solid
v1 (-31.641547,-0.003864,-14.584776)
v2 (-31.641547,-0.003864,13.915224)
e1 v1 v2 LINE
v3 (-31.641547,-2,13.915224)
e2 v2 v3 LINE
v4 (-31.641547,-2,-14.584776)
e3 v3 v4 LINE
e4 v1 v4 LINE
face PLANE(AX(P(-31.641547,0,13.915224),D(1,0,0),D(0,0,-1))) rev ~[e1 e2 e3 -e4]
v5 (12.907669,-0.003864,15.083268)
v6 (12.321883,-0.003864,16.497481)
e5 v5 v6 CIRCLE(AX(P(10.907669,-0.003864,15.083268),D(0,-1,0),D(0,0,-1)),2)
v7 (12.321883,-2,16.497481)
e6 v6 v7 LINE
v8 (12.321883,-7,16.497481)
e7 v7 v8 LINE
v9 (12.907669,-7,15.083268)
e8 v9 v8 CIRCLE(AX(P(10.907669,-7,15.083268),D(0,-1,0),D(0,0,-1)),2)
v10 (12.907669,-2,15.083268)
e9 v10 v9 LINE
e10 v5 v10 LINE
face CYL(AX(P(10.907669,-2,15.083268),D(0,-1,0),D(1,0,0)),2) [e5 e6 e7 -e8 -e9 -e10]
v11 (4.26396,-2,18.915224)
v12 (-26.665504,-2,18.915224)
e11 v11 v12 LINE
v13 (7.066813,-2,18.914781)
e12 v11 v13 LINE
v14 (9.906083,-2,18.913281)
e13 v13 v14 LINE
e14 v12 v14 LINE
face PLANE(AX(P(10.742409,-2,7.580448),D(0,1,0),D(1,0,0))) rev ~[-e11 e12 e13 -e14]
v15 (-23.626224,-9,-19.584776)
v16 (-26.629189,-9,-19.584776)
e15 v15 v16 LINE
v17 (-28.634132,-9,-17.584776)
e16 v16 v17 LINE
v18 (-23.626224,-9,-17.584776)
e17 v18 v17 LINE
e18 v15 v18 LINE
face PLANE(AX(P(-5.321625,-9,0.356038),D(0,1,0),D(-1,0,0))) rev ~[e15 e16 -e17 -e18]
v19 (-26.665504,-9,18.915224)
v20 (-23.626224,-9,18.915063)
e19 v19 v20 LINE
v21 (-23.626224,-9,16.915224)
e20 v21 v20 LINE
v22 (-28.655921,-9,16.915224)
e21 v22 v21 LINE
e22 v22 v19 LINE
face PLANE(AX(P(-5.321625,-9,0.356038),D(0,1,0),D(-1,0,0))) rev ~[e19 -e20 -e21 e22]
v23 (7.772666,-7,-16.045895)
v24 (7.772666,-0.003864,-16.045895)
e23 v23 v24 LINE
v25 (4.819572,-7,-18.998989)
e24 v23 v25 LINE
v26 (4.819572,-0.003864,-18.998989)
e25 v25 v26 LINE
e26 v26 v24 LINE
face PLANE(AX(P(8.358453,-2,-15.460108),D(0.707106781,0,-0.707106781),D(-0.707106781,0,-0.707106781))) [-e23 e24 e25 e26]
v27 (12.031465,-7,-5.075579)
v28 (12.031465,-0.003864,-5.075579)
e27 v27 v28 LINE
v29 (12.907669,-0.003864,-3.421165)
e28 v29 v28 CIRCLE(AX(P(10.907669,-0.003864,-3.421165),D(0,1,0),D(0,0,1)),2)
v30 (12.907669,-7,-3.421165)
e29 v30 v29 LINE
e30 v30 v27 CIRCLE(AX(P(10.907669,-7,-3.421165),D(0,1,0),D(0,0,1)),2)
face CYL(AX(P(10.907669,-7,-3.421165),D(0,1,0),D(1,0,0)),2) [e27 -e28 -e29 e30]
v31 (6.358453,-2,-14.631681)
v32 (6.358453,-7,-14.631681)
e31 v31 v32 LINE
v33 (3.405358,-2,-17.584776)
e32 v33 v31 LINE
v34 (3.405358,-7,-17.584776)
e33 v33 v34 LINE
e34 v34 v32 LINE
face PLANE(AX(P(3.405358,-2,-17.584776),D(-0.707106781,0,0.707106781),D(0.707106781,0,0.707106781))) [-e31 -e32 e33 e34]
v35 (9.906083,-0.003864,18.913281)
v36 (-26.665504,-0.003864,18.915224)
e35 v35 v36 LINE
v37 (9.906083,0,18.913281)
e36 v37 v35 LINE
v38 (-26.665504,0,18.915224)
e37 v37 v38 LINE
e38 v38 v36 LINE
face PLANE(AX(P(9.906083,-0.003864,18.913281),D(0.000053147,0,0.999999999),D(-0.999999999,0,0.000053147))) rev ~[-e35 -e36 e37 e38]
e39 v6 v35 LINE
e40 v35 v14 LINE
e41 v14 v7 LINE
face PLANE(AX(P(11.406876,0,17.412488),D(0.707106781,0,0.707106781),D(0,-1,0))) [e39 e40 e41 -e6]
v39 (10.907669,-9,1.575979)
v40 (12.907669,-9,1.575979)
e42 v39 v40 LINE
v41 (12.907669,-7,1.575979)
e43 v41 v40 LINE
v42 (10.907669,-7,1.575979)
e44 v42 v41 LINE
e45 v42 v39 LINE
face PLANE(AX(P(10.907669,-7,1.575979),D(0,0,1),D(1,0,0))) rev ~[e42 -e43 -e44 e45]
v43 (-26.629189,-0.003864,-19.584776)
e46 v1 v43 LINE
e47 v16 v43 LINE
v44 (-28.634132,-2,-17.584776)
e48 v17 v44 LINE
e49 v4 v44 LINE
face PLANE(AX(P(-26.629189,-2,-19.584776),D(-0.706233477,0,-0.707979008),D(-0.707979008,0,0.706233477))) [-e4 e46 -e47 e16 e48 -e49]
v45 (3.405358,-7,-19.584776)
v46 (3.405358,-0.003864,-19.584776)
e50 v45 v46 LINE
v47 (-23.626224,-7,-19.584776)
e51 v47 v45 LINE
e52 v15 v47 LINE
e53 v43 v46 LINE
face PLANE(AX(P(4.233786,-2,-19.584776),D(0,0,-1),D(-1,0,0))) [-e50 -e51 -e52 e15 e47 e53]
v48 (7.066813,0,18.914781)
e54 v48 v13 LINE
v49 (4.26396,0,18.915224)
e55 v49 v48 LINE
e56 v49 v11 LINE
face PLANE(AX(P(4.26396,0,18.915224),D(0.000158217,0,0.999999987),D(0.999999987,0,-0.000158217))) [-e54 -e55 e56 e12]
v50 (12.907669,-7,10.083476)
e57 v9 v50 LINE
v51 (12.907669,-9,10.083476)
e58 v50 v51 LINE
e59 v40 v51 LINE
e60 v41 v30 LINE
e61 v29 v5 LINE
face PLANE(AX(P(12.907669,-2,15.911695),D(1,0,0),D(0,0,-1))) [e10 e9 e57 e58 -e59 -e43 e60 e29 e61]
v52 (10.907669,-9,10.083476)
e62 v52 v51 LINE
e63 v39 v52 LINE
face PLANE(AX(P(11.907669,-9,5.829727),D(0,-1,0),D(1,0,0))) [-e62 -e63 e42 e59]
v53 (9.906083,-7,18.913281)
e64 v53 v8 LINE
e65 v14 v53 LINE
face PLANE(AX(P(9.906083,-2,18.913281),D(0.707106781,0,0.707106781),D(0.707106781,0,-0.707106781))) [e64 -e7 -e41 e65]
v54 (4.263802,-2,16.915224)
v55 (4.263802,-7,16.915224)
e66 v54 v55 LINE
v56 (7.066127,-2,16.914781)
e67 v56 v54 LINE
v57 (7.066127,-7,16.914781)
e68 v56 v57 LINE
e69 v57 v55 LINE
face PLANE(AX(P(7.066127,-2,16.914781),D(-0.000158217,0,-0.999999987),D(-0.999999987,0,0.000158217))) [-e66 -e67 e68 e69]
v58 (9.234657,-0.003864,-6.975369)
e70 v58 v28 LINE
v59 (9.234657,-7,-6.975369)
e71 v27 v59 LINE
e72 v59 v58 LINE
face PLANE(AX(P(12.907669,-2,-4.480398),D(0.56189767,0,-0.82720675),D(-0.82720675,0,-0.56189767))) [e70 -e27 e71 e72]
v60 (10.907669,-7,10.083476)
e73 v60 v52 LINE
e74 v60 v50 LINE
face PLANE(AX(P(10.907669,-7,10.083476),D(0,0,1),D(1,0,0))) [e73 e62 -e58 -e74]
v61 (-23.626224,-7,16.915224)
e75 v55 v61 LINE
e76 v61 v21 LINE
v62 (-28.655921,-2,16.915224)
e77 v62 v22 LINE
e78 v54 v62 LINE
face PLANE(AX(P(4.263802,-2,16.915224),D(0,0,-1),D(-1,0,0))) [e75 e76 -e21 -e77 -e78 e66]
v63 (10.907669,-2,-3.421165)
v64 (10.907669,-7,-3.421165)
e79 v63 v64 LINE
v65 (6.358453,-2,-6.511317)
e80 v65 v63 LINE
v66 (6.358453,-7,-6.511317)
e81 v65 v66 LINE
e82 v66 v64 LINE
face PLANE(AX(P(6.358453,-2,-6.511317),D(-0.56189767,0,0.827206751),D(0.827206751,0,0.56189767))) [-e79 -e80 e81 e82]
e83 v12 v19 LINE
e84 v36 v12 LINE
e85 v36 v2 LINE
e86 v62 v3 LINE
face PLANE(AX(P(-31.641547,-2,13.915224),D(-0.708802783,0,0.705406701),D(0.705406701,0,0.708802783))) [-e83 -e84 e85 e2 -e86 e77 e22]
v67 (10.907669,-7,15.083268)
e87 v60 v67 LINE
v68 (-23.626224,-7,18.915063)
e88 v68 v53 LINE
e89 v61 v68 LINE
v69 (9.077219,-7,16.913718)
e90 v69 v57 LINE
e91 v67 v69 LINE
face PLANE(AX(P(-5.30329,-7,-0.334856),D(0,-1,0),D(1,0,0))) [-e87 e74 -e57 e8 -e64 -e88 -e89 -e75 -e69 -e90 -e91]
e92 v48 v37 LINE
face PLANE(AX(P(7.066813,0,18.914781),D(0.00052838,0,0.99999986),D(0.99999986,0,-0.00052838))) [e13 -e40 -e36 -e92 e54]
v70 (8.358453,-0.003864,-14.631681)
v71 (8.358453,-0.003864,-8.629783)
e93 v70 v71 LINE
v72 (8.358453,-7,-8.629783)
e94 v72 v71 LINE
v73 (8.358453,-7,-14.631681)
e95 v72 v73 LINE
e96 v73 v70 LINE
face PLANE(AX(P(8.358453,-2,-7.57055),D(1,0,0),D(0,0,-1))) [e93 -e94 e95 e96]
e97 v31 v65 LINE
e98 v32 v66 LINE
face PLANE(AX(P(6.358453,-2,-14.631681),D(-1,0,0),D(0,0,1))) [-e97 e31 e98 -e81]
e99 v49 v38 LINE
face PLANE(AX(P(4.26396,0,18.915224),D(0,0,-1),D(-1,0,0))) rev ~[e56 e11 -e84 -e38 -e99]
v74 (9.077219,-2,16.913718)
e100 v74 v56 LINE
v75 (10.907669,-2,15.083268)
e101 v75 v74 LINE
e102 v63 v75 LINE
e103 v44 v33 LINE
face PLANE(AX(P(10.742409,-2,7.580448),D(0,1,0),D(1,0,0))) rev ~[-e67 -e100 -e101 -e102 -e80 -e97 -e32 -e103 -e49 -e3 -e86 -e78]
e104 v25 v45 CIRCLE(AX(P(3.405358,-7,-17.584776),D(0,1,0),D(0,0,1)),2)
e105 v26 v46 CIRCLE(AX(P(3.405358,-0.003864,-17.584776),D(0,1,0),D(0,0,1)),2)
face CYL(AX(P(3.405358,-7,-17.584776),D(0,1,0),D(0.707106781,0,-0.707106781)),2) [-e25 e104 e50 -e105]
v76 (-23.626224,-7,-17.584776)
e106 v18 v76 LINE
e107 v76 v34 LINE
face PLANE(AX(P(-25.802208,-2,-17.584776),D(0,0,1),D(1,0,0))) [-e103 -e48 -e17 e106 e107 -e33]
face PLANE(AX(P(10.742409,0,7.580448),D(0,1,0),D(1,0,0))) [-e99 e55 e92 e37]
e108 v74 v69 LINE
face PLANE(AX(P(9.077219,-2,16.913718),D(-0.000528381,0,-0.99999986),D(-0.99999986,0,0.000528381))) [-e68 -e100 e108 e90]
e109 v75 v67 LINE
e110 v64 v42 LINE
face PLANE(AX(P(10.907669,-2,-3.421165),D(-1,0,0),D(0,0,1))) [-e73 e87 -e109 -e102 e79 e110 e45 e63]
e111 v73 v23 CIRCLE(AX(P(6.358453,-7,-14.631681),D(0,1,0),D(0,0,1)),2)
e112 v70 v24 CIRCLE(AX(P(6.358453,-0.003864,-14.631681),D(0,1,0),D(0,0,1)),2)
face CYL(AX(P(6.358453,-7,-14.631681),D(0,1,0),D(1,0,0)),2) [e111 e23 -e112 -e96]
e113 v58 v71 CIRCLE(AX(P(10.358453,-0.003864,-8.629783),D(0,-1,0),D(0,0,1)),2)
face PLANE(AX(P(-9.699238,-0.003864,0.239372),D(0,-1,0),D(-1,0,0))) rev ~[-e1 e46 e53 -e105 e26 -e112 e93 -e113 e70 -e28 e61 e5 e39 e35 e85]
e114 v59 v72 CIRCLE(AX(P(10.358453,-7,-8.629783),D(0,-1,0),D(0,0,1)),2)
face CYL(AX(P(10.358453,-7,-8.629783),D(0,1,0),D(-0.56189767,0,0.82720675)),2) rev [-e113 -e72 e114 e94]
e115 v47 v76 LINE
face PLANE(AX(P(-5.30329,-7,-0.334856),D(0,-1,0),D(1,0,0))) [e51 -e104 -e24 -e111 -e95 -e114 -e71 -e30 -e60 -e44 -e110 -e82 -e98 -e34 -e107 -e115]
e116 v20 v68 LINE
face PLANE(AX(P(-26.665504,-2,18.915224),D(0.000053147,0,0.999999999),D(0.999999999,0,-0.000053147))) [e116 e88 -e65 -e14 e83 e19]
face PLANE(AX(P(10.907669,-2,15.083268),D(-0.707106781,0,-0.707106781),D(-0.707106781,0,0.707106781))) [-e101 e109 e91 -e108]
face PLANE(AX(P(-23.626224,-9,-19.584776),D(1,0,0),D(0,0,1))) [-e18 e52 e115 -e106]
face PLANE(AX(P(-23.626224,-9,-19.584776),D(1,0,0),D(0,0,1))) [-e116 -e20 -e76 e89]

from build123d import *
from OCP.BRepFilletAPI import BRepFilletAPI_MakeChamfer

# Parameters (mm, degrees)
SKETCH1_W               = 41
SKETCH1_H               = 34.5
SKETCH1_W_2             = 35
SKETCH1_H_2             = 28.5
BOSS_EXTRUDE1_DEPTH     = 5
SKETCH2_W               = 35
SKETCH2_H               = 28.5
BOSS_EXTRUDE2_DEPTH     = 1
SKETCH6_W               = 34.5
SKETCH6_H               = 5
CUT_EXTRUDE2_DEPTH      = 3
SKETCH7_W               = 1.6
SKETCH7_H               = 3
SKETCH7_H_2             = 3.078736203
BOSS_EXTRUDE3_DEPTH     = 4
CHAMFER1_SIZE           = 3
SKETCH14_W              = 3.502632447
SKETCH14_H              = 20.452559449
CUT_EXTRUDE6_DEPTH      = 10
BOSS_EXTRUDE5_DEPTH     = 4
BOSS_EXTRUDE7_DEPTH     = 1
SKETCH9_W               = 3.28281374
SKETCH9_H               = 22.420706044
CUT_EXTRUDE3_DEPTH      = 4
BOSS_EXTRUDE4_DEPTH     = 2
SKETCH12_W              = 3.28281374
SKETCH12_H              = 22.420706044
CUT_EXTRUDE4_DEPTH      = 0.003863752
BOSS_EXTRUDE8_DEPTH     = 2
BOSS_EXTRUDE9_DEPTH     = 2
CUT_EXTRUDE7_DEPTH      = 38.864903937
CUT_EXTRUDE7_DEPTH_BACK = 4
CHAMFER2_SIZE           = 3
CHAMFER2_SIZE_2         = 3.001586398
CHAMFER2_SIZE2          = 3
CHAMFER3_SIZE           = 2
BOSS_EXTRUDE10_DEPTH    = 7
CUT_EXTRUDE8_START      = -2
CUT_EXTRUDE8_DEPTH      = 7
CUT_EXTRUDE9_DEPTH      = 7
CUT_EXTRUDE11_START     = 1
CUT_EXTRUDE11_DEPTH     = 10
CUT_EXTRUDE12_DEPTH     = 10
SKETCH30_W              = 2.837179027
SKETCH30_H              = 7
CUT_EXTRUDE13_DEPTH     = 10
BOSS_EXTRUDE11_DEPTH    = 7
CUT_EXTRUDE14_DEPTH     = 7
SKETCH35_W              = 36.645868519
SKETCH35_H              = 38.499838471
CUT_EXTRUDE15_DEPTH     = 2
SKETCH37_W              = 2
SKETCH37_H              = 8.507497338
BOSS_EXTRUDE12_DEPTH    = 2
FILLET2_R               = 2


with BuildPart() as part:
    # Sketch1 → Boss-Extrude1 (new body)
    with BuildSketch(Plane(origin=(0, 0, 0), x_dir=(1, 0, 0), z_dir=(0, 1, 0))):
        with Locations((-14.14154724, 0.334775681)):
            Rectangle(SKETCH1_W, SKETCH1_H)
        with Locations((-14.14154724, 0.334775681)):
            Rectangle(SKETCH1_W_2, SKETCH1_H_2, mode=Mode.SUBTRACT)
    extrude(amount=BOSS_EXTRUDE1_DEPTH)

    # Sketch2 → Boss-Extrude2 (add)
    with BuildSketch(Plane(origin=(0, 0, 0), x_dir=(1, 0, 0), z_dir=(0, 1, 0))):
        with Locations((-14.14154724, 0.334775681)):
            Rectangle(SKETCH2_W, SKETCH2_H)
    extrude(amount=BOSS_EXTRUDE2_DEPTH)

    # Sketch6 → Cut-Extrude2 (cut)
    with BuildSketch(Plane.ZY.offset(34.64154724)):
        with Locations((-0.334775681, 2.5)):
            Rectangle(SKETCH6_W, SKETCH6_H)
    extrude(amount=-CUT_EXTRUDE2_DEPTH, mode=Mode.SUBTRACT)

    # Sketch7 → Boss-Extrude3 (add)
    with BuildSketch(Plane(origin=(0, 1, 0), x_dir=(1, 0, 0), z_dir=(0, 1, 0))):
        with Locations((-30.84154724, 13.084775681)):
            Rectangle(SKETCH7_W, SKETCH7_H)
        with Locations((-30.84154724, -12.375856218)):
            Rectangle(SKETCH7_W, SKETCH7_H_2)
    extrude(amount=BOSS_EXTRUDE3_DEPTH)

    # Chamfer1
    chamfer1_edges = [part.edges().sort_by_distance(p)[0] for p in [
        (-31.64154724, 2.5, -17.584775681),
        (-31.64154724, 2.5, 16.915224319),
        (6.35845276, 2.5, -17.584775681),
        (6.35845276, 2.5, 16.915224319),
    ]]
    chamfer(chamfer1_edges, length=CHAMFER1_SIZE)

    # Sketch14 → Cut-Extrude6 (cut)
    with BuildSketch(Plane(origin=(0, 1, 0), x_dir=(1, 0, 0), z_dir=(0, 1, 0))):
        with Locations((5.109768984, -7.134544415)):
            Rectangle(SKETCH14_W, SKETCH14_H)
    extrude(amount=CUT_EXTRUDE6_DEPTH, mode=Mode.SUBTRACT)

    # Sketch17 → Boss-Extrude5 (add)
    with BuildSketch(Plane(origin=(0, 1, 0), x_dir=(1, 0, 0), z_dir=(0, 1, 0))):
        Polygon((3.35845276, 3.09173531), (7.910000942, 0), (7.910000942, -13.915224319), (3.35845276, -13.915224319), (3.35845276, -16.915224319), (10.910000942, -16.915224319), (10.910000942, 3.419581668), (3.35845276, 8.549130391), align=None)
    extrude(amount=BOSS_EXTRUDE5_DEPTH)

    # Sketch19 → Boss-Extrude7 (add)
    with BuildSketch(Plane.XZ):
        Polygon((3.35845276, 16.915224319), (10.910000942, 16.915224319), (10.910000942, -3.419581668), (6.35845276, -6.511316978), (6.35845276, 13.915224319), align=None)
    extrude(amount=-BOSS_EXTRUDE7_DEPTH)

    # Sketch9 → Cut-Extrude3 (cut)
    with BuildSketch(Plane(origin=(0, 1, 0), x_dir=(1, 0, 0), z_dir=(0, 1, 0))):
        with Locations((-30.00014037, 0.374422659)):
            Rectangle(SKETCH9_W, SKETCH9_H)
    extrude(amount=-CUT_EXTRUDE3_DEPTH, mode=Mode.SUBTRACT)

    # Sketch11 → Boss-Extrude4 (add)
    with BuildSketch(Plane.XZ):
        Polygon((-26.665503706, 18.915224319), (-31.64154724, 13.915224319), (-31.64154724, -14.584775681), (-26.629189212, -19.584775681), (4.233785533, -19.584775681), (8.35845276, -15.460108453), (8.35845276, 14.743651444), (4.263960312, 18.915224319), align=None)
    extrude(amount=BOSS_EXTRUDE4_DEPTH)

    # Sketch12 → Cut-Extrude4 (cut)
    with BuildSketch(Plane(origin=(0, 0, 0), x_dir=(1, 0, 0), z_dir=(0, 1, 0))):
        with Locations((-30.00014037, 0.374422659)):
            Rectangle(SKETCH12_W, SKETCH12_H)
    extrude(amount=-CUT_EXTRUDE4_DEPTH, mode=Mode.SUBTRACT)

    # Sketch20 → Boss-Extrude8 (add)
    with BuildSketch(Plane.XZ):
        Polygon((6.227005221, 16.915224319), (10.910000942, 16.915224319), (10.910000942, -3.419581668), (8.35845276, -5.152774704), (8.35845276, 14.743651444), align=None)
    extrude(amount=BOSS_EXTRUDE8_DEPTH)

    # Sketch21 → Boss-Extrude9 (add)
    with BuildSketch(Plane(origin=(0, 0, 0), x_dir=(1, 0, 0), z_dir=(0, 1, 0))):
        Polygon((8.35845276, 7.570549944), (8.35845276, 5.152774704), (10.90766939, 3.421165424), (10.90766939, -16.912751148), (6.227005221, -16.915224319), (4.263960312, -18.915224319), (7.06681334, -18.91478086), (12.90766939, -18.911694666), (12.90766939, 4.480398389), align=None)
    extrude(amount=-BOSS_EXTRUDE9_DEPTH)

    # Sketch23 → Cut-Extrude7 (cut, two sides)
    with BuildSketch(Plane(origin=(0, 5, 0), x_dir=(1, 0, 0), z_dir=(0, 1, 0))) as cut_extrude7_sk:
        Polygon((7.910000942, 0), (7.910000942, 1.828776855), (3.35845276, 4.913740582), (3.35845276, 3.09173531), align=None)
    extrude(amount=CUT_EXTRUDE7_DEPTH, mode=Mode.SUBTRACT)
    extrude(cut_extrude7_sk.sketch, amount=-CUT_EXTRUDE7_DEPTH_BACK, mode=Mode.SUBTRACT)

    # Chamfer2: one chamfer whose edges measure the first distance from different faces: ONE call of the kernel's chamfer builder (chamfer() names one face for all edges)
    chamfer2_edges_1 = [part.edges().sort_by_distance(p)[0] for p in [
        (10.910000942, 2.5, 16.915224319),
    ]]
    chamfer2_edges_2 = [part.edges().sort_by_distance(p)[0] for p in [
        (12.90766939, -1, 18.911694666),
    ]]
    chamfer2_side_2 = [part.faces().sort_by_distance(p)[0] for p in [
        (9.987241365, -1, 18.913237763),
    ]]
    chamfer2 = BRepFilletAPI_MakeChamfer(part.part.solid().wrapped)
    for e in chamfer2_edges_1:
        chamfer2.Add(CHAMFER2_SIZE, e.wrapped)
    for e in chamfer2_edges_2:
        chamfer2.Add(CHAMFER2_SIZE_2, CHAMFER2_SIZE2, e.wrapped, chamfer2_side_2[0].wrapped)  # the first distance lies on this face
    add(Compound.cast(chamfer2.Shape()), mode=Mode.REPLACE)

    # Chamfer3
    chamfer3_edges = [part.edges().sort_by_distance(p)[0] for p in [
        (7.910000942, 3, 13.915224319),
    ]]
    chamfer(chamfer3_edges, length=CHAMFER3_SIZE)

    # Sketch25 → Boss-Extrude10 (add)
    with BuildSketch(Plane(origin=(0, 0, 0), x_dir=(1, 0, 0), z_dir=(0, 1, 0))):
        Polygon((-28.64154724, 17.584775681), (-26.629189212, 19.584775681), (4.233785533, 19.584775681), (8.35845276, 15.460108453), (8.35845276, 7.570549944), (12.90766939, 4.480398389), (12.90766939, -15.911694666), (9.906083411, -18.913280645), (-26.665503706, -18.915224319), (-28.64154724, -16.915224319), (7.910000942, -16.915224319), (10.910000942, -13.915224319), (10.910000942, 3.419581668), (6.35845276, 6.511316978), (6.35845276, 14.584775681), (3.35845276, 17.584775681), align=None)
    extrude(amount=BOSS_EXTRUDE10_DEPTH)

    # Sketch26 → Cut-Extrude8 (cut)
    with BuildSketch(Plane.XZ.offset(2).offset(CUT_EXTRUDE8_START)):
        Polygon((10.90766939, -3.421165424), (10.90766939, 15.083267541), (9.077218609, 16.913718322), (7.066126742, 16.914780944), (4.263802095, 16.915224319), (-25.834261771, 16.915224319), (-29.64154724, 13.089609206), (-29.64154724, -13.754902141), (-25.802207763, -17.584775681), (3.405358408, -17.584775681), (6.35845276, -14.631681329), (6.35845276, -6.511316978), align=None)
    extrude(amount=-CUT_EXTRUDE8_DEPTH, mode=Mode.SUBTRACT)

    # Sketch27 → Cut-Extrude9 (cut)
    with BuildSketch(Plane(origin=(0, 0, 0), x_dir=(1, 0, 0), z_dir=(0, 1, 0))):
        Polygon((-25.802207763, 17.584775681), (-28.64154724, 17.584775681), (-31.64154724, 14.584775681), (-31.64154724, 11.584775681), (-29.64154724, 11.584775681), (-29.64154724, 13.754902141), align=None)
        Polygon((-29.64154724, -10.835930363), (-29.64154724, -13.089609206), (-25.834261771, -16.915224319), (-28.64154724, -16.915224319), (-31.64154724, -13.915224319), (-31.64154724, -10.835930363), align=None)
    extrude(amount=CUT_EXTRUDE9_DEPTH, mode=Mode.SUBTRACT)

    # Sketch28 → Cut-Extrude11 (cut)
    with BuildSketch(Plane(origin=(0, -0.003863752, 0), x_dir=(1, 0, 0), z_dir=(0, 1, 0)).offset(CUT_EXTRUDE11_START)):
        Polygon((-31.64154724, -13.915224319), (-26.665503706, -18.915224319), (9.906083411, -18.913280645), (12.90766939, -15.911694666), (12.90766939, 4.480398389), (8.35845276, 7.570549944), (8.35845276, 15.460108453), (4.233785533, 19.584775681), (-26.629189212, 19.584775681), (-31.64154724, 14.584775681), align=None)
    extrude(amount=CUT_EXTRUDE11_DEPTH, mode=Mode.SUBTRACT)

    # Sketch29 → Cut-Extrude12 (cut)
    with BuildSketch(Plane(origin=(0, -0.003863752, 0), x_dir=(1, 0, 0), z_dir=(0, 1, 0))):
        Polygon((-31.64154724, 14.584775681), (-26.629189212, 19.584775681), (4.233785533, 19.584775681), (8.35845276, 15.460108453), (8.35845276, 7.570549944), (12.90766939, 4.480398389), (12.90766939, -15.911694666), (9.906083411, -18.913280645), (-26.665503706, -18.915224319), (-31.64154724, -13.915224319), align=None)
    extrude(amount=CUT_EXTRUDE12_DEPTH, mode=Mode.SUBTRACT)


with BuildPart() as cut_extrude12_piece_1:
    # of the separate pieces the step leaves, piece 1, a body of its own (cut_extrude12_pieces)
    add(part.part.solids().sort_by_distance((-31.64154724, -0.003863752, -14.584775681))[0])

    # Sketch31 → Boss-Extrude11 (add)
    with BuildSketch(Plane.XZ.offset(2)):
        Polygon((6.35845276, -6.511316978), (10.90766939, -3.421165424), (10.90766939, 15.083267541), (9.077218609, 16.913718322), (7.066126742, 16.914780944), (4.263802095, 16.915224319), (-25.834261771, 16.915224319), (-29.64154724, 13.089609206), (-31.64154724, 13.915224319), (-26.665503706, 18.915224319), (9.906083411, 18.913280645), (12.90766939, 15.911694666), (12.90766939, -4.480398389), (8.35845276, -7.570549944), (8.35845276, -15.460108453), (4.233785533, -19.584775681), (-26.629189212, -19.584775681), (-31.64154724, -14.584775681), (-29.64154724, -13.754902141), (-25.802207763, -17.584775681), (3.405358408, -17.584775681), (6.35845276, -14.631681329), align=None)
    extrude(amount=BOSS_EXTRUDE11_DEPTH)

    # Sketch32 → Cut-Extrude14 (cut)
    with BuildSketch(Plane.XZ.offset(2)):
        Polygon((-25.834261771, 16.915224319), (-25.802207763, -17.584775681), (-29.64154724, -13.754902141), (-31.64154724, -14.584775681), (-31.64154724, 13.915224319), (-29.64154724, 13.089609206), align=None)
        Polygon((-29.64154724, 13.089609206), (-25.834261771, 16.915224319), (-36.844784184, 16.915224319), (-37.593826415, -17.584775681), (-25.802207763, -17.584775681), (-29.64154724, -13.754902141), (-31.64154724, -14.584775681), (-31.64154724, 13.915224319), align=None)
    extrude(amount=CUT_EXTRUDE14_DEPTH, mode=Mode.SUBTRACT)

    # Sketch35 → Cut-Extrude15 (cut)
    with BuildSketch(Plane.XZ.offset(9)):
        with Locations((-5.303289834, -0.334856445)):
            Rectangle(SKETCH35_W, SKETCH35_H)
    extrude(amount=-CUT_EXTRUDE15_DEPTH, mode=Mode.SUBTRACT)

    # Sketch37 → Boss-Extrude12 (add)
    with BuildSketch(Plane.XZ.offset(7)):
        with Locations((11.90766939, 5.829727419)):
            Rectangle(SKETCH37_W, SKETCH37_H)
    extrude(amount=BOSS_EXTRUDE12_DEPTH)

    # Fillet2
    fillet2_edges = [cut_extrude12_piece_1.edges().sort_by_distance(p)[0] for p in [
        (12.90766939, -3.501931876, -4.480398389),
        (8.35845276, -3.501931876, -7.570549944),
        (4.233785533, -3.501931876, -19.584775681),
        (8.35845276, -3.501931876, -15.460108453),
        (12.90766939, -3.501931876, 15.911694666),
    ]]
    fillet(fillet2_edges, radius=FILLET2_R)


with BuildPart() as cut_extrude12_piece_2:
    # of the separate pieces the step leaves, piece 2, a body of its own (cut_extrude12_pieces)
    add(part.part.solids().sort_by_distance((-28.634132423, 0, -17.584775681))[0])

    # Sketch30 → Cut-Extrude13 (cut)
    with BuildSketch(Plane(origin=(-23.02477977, 0, -23.167050199), x_dir=(-0.7092812996014342, 0, 0.7049255549600261), z_dir=(-0.7049255549600261, 0, -0.7092812996014342))):
        with Locations((6.500366579, 3.5)):
            Rectangle(SKETCH30_W, SKETCH30_H)
    extrude(amount=-CUT_EXTRUDE13_DEPTH, mode=Mode.SUBTRACT)


solid = cut_extrude12_piece_1.part
